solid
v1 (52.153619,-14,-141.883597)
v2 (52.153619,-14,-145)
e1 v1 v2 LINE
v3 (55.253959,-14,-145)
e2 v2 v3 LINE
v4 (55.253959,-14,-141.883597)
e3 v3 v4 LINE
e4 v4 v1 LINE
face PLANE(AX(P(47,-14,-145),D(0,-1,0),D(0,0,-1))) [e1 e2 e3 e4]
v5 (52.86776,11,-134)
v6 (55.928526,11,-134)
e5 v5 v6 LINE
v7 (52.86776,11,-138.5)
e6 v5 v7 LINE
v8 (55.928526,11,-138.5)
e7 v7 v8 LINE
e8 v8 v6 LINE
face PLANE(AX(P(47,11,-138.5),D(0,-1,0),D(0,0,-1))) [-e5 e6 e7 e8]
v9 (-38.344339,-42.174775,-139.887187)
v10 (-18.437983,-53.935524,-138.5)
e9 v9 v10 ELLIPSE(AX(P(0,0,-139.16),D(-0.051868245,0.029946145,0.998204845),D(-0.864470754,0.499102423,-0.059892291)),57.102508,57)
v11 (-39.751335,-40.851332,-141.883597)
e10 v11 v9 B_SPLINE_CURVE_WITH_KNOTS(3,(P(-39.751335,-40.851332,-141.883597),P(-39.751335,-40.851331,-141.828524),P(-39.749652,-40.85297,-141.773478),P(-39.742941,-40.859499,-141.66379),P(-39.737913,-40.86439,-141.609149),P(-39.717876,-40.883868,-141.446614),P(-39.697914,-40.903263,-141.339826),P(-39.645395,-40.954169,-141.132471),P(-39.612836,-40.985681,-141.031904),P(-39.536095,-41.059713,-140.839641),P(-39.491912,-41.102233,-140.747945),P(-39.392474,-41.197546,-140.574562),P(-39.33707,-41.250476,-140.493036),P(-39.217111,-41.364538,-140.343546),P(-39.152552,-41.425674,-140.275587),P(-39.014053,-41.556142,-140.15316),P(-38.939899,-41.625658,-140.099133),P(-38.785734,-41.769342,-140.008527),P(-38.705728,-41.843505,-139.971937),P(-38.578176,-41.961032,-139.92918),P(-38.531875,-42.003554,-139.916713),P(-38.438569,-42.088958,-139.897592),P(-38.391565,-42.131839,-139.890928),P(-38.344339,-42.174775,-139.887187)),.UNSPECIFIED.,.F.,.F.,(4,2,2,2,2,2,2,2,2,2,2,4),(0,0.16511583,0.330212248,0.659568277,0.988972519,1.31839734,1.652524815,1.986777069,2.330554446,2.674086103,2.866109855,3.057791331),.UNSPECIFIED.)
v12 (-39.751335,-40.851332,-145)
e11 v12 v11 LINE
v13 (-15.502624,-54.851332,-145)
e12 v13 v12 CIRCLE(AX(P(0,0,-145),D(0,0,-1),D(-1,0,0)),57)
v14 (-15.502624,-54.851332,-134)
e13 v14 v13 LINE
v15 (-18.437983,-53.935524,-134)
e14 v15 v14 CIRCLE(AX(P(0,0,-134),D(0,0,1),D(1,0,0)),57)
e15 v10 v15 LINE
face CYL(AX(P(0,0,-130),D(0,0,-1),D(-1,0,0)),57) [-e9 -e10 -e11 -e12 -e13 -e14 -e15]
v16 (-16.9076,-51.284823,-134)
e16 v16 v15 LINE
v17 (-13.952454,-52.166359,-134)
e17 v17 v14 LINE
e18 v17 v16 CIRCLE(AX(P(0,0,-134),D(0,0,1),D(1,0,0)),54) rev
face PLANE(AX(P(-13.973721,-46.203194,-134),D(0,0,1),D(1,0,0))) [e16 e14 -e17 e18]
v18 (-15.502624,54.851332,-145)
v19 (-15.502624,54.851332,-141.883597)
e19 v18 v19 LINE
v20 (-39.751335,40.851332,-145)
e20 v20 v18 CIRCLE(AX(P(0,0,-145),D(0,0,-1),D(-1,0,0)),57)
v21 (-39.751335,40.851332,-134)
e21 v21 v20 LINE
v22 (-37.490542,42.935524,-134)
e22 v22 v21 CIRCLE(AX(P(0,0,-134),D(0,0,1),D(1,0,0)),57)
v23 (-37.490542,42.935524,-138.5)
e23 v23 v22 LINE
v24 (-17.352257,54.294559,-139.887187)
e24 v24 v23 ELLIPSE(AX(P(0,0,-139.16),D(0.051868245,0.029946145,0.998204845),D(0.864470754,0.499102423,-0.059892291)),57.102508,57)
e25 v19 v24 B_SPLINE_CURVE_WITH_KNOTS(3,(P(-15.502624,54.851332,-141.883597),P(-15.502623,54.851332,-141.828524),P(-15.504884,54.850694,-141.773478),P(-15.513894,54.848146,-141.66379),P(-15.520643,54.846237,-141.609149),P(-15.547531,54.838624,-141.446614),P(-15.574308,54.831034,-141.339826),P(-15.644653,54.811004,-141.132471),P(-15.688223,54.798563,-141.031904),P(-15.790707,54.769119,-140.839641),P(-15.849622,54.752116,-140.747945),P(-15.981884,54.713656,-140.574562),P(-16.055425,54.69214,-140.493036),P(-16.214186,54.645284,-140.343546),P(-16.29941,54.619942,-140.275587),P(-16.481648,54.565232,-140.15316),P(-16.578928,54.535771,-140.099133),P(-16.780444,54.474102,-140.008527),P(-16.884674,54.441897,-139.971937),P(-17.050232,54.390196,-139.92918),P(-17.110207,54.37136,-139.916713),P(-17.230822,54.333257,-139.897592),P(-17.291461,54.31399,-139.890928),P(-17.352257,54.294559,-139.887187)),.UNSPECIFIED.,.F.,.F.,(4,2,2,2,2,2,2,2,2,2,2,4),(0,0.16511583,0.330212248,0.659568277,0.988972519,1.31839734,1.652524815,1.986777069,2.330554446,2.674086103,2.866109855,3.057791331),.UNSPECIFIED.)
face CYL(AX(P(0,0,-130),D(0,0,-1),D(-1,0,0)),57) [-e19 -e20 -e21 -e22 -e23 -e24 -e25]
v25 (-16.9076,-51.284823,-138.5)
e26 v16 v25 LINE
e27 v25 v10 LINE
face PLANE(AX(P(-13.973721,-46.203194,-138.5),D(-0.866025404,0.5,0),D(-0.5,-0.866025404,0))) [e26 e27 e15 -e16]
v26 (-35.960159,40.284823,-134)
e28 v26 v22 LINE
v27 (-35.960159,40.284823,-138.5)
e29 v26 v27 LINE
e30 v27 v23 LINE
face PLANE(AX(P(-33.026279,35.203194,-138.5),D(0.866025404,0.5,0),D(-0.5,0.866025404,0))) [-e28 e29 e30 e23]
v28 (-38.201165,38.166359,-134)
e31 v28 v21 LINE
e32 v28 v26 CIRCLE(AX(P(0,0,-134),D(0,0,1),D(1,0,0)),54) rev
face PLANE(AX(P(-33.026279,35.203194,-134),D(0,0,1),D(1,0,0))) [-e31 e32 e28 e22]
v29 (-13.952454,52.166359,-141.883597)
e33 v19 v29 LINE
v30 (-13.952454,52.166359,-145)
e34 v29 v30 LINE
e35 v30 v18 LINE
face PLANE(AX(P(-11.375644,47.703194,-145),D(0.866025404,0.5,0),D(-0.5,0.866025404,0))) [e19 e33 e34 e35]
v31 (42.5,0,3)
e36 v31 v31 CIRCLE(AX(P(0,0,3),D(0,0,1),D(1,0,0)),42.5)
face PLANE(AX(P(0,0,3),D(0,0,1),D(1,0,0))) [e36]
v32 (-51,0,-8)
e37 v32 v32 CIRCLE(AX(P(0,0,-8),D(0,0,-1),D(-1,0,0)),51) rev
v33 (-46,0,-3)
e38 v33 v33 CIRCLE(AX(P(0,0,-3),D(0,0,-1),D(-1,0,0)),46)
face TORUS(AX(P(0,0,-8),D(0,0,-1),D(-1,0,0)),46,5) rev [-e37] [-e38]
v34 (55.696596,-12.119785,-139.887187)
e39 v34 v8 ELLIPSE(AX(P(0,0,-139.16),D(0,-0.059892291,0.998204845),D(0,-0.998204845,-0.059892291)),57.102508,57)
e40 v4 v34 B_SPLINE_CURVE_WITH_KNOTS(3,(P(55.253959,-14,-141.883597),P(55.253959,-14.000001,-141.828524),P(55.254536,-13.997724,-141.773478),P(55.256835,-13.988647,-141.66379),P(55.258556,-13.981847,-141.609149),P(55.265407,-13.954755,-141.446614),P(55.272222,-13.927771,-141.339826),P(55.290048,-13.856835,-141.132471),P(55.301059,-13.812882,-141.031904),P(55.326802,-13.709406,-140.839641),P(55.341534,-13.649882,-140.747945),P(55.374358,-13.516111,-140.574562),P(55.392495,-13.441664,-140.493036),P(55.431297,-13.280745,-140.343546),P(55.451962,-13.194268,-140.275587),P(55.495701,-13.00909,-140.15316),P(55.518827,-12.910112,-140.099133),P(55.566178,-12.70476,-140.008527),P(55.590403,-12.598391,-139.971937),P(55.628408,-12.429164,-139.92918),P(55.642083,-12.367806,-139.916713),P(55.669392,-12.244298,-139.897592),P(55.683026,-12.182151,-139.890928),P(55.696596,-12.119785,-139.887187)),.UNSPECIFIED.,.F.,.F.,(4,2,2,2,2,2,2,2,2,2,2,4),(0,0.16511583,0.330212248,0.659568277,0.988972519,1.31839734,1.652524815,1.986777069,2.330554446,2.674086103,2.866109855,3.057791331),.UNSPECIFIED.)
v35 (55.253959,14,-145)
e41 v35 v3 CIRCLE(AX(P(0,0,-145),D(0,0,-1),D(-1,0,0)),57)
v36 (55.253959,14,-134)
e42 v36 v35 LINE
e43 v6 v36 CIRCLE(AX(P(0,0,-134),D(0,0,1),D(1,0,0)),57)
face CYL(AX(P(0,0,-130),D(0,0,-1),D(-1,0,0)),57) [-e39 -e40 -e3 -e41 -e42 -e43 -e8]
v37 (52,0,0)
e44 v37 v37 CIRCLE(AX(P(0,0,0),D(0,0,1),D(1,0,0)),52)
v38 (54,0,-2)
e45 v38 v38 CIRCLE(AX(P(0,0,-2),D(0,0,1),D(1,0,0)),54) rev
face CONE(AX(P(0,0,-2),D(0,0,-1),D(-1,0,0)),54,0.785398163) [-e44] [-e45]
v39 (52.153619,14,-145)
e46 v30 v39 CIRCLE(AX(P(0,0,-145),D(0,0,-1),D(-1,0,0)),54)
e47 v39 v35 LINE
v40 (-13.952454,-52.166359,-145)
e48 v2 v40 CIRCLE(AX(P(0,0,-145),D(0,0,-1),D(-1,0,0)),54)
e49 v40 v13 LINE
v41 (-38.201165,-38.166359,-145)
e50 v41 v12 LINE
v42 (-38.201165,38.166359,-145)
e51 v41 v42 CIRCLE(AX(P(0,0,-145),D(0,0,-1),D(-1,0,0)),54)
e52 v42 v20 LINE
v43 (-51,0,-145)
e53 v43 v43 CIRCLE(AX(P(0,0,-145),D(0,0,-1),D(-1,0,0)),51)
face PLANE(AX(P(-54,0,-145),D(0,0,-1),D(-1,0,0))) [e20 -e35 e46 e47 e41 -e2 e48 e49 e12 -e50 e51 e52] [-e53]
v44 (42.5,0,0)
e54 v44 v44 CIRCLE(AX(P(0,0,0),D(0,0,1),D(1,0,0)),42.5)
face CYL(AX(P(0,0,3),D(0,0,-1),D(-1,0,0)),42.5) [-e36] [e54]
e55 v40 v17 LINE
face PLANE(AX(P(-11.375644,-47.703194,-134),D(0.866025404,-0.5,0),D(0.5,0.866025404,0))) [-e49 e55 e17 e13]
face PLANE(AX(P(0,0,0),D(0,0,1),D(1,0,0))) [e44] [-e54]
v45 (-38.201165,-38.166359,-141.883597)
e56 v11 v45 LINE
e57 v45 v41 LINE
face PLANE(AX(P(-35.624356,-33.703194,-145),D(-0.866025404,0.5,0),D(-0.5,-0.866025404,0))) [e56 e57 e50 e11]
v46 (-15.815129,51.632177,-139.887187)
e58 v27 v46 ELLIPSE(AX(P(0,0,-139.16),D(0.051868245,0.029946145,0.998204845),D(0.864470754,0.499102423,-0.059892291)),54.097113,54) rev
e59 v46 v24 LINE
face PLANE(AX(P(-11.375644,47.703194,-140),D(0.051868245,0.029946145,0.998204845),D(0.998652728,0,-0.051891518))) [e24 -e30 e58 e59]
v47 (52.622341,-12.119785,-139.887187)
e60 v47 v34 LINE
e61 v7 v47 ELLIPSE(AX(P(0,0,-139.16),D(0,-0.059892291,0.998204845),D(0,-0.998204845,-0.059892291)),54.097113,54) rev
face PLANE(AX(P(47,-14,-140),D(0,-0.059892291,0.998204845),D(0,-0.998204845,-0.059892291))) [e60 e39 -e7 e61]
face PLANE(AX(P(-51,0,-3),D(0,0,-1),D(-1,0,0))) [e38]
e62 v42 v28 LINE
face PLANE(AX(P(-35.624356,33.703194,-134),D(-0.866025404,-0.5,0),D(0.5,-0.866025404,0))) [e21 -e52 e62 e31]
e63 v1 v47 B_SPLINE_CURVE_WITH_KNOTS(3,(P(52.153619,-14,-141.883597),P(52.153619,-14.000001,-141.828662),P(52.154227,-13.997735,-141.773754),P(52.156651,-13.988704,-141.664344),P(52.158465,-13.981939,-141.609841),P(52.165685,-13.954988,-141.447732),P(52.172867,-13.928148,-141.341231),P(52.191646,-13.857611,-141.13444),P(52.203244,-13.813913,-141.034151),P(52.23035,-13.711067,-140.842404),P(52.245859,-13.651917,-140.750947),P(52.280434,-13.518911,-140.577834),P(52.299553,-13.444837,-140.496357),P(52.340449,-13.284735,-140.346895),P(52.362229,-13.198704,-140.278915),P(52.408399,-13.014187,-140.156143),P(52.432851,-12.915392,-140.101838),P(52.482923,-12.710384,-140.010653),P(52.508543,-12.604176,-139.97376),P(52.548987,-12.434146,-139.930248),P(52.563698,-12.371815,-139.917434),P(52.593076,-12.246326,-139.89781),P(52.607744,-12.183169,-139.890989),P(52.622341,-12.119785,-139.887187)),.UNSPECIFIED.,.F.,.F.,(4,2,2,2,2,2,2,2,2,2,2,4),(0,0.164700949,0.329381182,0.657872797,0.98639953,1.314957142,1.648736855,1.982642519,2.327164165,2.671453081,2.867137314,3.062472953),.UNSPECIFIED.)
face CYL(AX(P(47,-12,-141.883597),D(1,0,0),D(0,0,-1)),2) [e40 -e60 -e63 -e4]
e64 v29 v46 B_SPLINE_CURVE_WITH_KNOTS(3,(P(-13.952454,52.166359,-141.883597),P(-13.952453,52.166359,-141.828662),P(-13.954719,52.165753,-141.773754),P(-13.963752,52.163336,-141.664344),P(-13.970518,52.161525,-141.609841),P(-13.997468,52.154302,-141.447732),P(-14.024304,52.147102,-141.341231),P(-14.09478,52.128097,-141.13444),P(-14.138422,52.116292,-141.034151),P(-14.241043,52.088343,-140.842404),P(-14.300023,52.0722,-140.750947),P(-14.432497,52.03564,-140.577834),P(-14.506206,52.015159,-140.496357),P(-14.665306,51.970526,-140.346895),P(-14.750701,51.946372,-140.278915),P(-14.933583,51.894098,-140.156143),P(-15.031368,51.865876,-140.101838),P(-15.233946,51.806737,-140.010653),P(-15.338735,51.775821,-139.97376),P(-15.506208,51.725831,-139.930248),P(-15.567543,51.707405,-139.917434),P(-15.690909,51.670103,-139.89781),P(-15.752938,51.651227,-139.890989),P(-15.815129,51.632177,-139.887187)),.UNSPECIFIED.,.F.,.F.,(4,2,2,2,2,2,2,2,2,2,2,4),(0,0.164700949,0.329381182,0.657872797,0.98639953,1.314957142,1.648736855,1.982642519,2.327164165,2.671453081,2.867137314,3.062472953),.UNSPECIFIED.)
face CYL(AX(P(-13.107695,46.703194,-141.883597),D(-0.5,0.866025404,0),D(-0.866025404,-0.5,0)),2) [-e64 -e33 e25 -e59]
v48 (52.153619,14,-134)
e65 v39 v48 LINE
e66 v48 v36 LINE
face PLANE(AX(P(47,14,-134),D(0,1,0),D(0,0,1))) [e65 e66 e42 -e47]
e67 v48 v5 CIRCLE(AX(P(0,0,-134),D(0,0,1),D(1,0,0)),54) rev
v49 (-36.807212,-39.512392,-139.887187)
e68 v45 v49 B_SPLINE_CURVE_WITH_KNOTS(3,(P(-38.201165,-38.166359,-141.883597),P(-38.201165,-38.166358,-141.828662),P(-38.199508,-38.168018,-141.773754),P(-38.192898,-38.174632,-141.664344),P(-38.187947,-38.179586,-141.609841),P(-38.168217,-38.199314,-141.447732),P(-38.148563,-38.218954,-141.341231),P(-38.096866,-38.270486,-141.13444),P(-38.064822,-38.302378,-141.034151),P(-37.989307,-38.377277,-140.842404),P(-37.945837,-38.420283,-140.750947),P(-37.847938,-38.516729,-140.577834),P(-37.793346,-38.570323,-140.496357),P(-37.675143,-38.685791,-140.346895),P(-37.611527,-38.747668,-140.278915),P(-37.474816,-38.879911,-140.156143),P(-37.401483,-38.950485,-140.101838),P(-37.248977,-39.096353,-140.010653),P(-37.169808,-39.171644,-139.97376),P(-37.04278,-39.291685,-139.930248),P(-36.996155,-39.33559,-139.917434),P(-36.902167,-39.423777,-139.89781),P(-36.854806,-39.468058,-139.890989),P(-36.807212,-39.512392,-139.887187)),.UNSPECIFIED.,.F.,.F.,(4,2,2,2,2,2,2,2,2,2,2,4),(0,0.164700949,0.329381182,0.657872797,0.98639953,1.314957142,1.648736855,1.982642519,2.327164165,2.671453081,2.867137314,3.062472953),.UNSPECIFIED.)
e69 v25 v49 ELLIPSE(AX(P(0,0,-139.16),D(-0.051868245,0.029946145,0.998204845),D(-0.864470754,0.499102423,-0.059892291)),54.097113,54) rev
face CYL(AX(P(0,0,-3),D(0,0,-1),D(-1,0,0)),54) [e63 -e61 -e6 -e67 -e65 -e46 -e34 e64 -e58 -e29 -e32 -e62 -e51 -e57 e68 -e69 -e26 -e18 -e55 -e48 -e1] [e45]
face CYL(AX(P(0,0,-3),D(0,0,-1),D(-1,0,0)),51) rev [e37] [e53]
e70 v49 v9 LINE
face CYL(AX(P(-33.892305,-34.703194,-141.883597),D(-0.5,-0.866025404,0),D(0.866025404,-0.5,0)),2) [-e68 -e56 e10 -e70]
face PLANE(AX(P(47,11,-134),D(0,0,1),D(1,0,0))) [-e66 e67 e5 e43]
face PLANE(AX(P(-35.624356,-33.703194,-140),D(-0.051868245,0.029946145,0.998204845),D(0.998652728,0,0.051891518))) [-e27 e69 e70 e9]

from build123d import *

# Parameters (mm, degrees)
EXTRUDE_1_DEPTH                  = 10
FILLET_1_R                       = 2
PATTERN_CIRCULAR_2_COUNT         = 3
FILLET_1_OF_PATTERN_CIRCULAR_2_R = 2
CUT_EXTRUDE_START                = -15
SKETCH_3_R                       = 51
CUT_EXTRUDE_1_DEPTH              = 15
SKETCH_4_R                       = 62.618720145
SKETCH_4_R_2                     = 57
CUT_EXTRUDE_2_DEPTH              = 15
CHAMFER_1_SIZE                   = 2
FILLET_2_R                       = 5
SKETCH_5_R                       = 42.5
EXTRUDE_2_DEPTH                  = 3


with BuildPart() as part:
    # Эскиз1 → Повернуть1 (revolve)
    with BuildSketch(Plane(origin=(0, 0, 0), x_dir=(1, 0, 0), z_dir=(0, 1, 0))):
        Polygon((0, 0), (-54, 0), (-54, 145), (-51, 145), (-51, 3), (0, 3), align=None)
    revolve(axis=Axis((0, 0, -3), (0, 0, 1)))

    # Эскиз2 → Бобышка-Вытянуть1 (add)
    with BuildSketch(Plane(origin=(57, 0, 0), x_dir=(0, 0, -1), z_dir=(1, 0, 0))):
        Polygon((145, 14), (145, -14), (140, -14), (138.5, 11), (134, 11), (134, 14), align=None)
    extrude_1 = extrude(amount=-EXTRUDE_1_DEPTH)

    # Скругление1
    fillet_1_edges = [part.edges().sort_by_distance(p)[0] for p in [
        (54.576809621, -14, -140),
    ]]
    fillet(fillet_1_edges, radius=FILLET_1_R)

    # Круговой массив2: Бобышка-Вытянуть1 ×3 about axis
    pattern_circular_2_axis = Axis((0, 0, -145), (0, 0, -1))
    for i in range(1, PATTERN_CIRCULAR_2_COUNT):
        add(extrude_1.rotate(pattern_circular_2_axis, i * 360 / PATTERN_CIRCULAR_2_COUNT))

    # Скругление1 of Круговой массив2
    fillet_1_of_pattern_circular_2_edges = [part.edges().sort_by_distance(p)[0] for p in [
        (-39.412760463, -40.264903589, -140),
        (-15.164049157, 54.264903589, -140),
    ]]
    fillet(fillet_1_of_pattern_circular_2_edges, radius=FILLET_1_OF_PATTERN_CIRCULAR_2_R)

    # Эскиз3 → Вырез-Вытянуть1 (cut)
    with BuildSketch(Plane(origin=(0, 0, -145), x_dir=(-1, 0, 0), z_dir=(0, 0, -1)).offset(CUT_EXTRUDE_START)):
        Circle(SKETCH_3_R)
    extrude(amount=CUT_EXTRUDE_1_DEPTH, mode=Mode.SUBTRACT)

    # Эскиз4 → Вырез-Вытянуть2 (cut)
    with BuildSketch(Plane(origin=(0, 0, -145), x_dir=(-1, 0, 0), z_dir=(0, 0, -1))):
        Circle(SKETCH_4_R)
        Circle(SKETCH_4_R_2, mode=Mode.SUBTRACT)
    extrude(amount=-CUT_EXTRUDE_2_DEPTH, mode=Mode.SUBTRACT)

    # Фаска1
    chamfer_1_edges = [part.edges().sort_by_distance(p)[0] for p in [
        (54, 0, 0),
    ]]
    chamfer(chamfer_1_edges, length=CHAMFER_1_SIZE)

    # Скругление2
    fillet_2_edges = [part.edges().sort_by_distance(p)[0] for p in [
        (51, 0, -3),
    ]]
    fillet(fillet_2_edges, radius=FILLET_2_R)

    # Эскиз5 → Бобышка-Вытянуть2 (add)
    with BuildSketch(Plane.XY):
        Circle(SKETCH_5_R)
    extrude(amount=EXTRUDE_2_DEPTH)


solid = part.part
